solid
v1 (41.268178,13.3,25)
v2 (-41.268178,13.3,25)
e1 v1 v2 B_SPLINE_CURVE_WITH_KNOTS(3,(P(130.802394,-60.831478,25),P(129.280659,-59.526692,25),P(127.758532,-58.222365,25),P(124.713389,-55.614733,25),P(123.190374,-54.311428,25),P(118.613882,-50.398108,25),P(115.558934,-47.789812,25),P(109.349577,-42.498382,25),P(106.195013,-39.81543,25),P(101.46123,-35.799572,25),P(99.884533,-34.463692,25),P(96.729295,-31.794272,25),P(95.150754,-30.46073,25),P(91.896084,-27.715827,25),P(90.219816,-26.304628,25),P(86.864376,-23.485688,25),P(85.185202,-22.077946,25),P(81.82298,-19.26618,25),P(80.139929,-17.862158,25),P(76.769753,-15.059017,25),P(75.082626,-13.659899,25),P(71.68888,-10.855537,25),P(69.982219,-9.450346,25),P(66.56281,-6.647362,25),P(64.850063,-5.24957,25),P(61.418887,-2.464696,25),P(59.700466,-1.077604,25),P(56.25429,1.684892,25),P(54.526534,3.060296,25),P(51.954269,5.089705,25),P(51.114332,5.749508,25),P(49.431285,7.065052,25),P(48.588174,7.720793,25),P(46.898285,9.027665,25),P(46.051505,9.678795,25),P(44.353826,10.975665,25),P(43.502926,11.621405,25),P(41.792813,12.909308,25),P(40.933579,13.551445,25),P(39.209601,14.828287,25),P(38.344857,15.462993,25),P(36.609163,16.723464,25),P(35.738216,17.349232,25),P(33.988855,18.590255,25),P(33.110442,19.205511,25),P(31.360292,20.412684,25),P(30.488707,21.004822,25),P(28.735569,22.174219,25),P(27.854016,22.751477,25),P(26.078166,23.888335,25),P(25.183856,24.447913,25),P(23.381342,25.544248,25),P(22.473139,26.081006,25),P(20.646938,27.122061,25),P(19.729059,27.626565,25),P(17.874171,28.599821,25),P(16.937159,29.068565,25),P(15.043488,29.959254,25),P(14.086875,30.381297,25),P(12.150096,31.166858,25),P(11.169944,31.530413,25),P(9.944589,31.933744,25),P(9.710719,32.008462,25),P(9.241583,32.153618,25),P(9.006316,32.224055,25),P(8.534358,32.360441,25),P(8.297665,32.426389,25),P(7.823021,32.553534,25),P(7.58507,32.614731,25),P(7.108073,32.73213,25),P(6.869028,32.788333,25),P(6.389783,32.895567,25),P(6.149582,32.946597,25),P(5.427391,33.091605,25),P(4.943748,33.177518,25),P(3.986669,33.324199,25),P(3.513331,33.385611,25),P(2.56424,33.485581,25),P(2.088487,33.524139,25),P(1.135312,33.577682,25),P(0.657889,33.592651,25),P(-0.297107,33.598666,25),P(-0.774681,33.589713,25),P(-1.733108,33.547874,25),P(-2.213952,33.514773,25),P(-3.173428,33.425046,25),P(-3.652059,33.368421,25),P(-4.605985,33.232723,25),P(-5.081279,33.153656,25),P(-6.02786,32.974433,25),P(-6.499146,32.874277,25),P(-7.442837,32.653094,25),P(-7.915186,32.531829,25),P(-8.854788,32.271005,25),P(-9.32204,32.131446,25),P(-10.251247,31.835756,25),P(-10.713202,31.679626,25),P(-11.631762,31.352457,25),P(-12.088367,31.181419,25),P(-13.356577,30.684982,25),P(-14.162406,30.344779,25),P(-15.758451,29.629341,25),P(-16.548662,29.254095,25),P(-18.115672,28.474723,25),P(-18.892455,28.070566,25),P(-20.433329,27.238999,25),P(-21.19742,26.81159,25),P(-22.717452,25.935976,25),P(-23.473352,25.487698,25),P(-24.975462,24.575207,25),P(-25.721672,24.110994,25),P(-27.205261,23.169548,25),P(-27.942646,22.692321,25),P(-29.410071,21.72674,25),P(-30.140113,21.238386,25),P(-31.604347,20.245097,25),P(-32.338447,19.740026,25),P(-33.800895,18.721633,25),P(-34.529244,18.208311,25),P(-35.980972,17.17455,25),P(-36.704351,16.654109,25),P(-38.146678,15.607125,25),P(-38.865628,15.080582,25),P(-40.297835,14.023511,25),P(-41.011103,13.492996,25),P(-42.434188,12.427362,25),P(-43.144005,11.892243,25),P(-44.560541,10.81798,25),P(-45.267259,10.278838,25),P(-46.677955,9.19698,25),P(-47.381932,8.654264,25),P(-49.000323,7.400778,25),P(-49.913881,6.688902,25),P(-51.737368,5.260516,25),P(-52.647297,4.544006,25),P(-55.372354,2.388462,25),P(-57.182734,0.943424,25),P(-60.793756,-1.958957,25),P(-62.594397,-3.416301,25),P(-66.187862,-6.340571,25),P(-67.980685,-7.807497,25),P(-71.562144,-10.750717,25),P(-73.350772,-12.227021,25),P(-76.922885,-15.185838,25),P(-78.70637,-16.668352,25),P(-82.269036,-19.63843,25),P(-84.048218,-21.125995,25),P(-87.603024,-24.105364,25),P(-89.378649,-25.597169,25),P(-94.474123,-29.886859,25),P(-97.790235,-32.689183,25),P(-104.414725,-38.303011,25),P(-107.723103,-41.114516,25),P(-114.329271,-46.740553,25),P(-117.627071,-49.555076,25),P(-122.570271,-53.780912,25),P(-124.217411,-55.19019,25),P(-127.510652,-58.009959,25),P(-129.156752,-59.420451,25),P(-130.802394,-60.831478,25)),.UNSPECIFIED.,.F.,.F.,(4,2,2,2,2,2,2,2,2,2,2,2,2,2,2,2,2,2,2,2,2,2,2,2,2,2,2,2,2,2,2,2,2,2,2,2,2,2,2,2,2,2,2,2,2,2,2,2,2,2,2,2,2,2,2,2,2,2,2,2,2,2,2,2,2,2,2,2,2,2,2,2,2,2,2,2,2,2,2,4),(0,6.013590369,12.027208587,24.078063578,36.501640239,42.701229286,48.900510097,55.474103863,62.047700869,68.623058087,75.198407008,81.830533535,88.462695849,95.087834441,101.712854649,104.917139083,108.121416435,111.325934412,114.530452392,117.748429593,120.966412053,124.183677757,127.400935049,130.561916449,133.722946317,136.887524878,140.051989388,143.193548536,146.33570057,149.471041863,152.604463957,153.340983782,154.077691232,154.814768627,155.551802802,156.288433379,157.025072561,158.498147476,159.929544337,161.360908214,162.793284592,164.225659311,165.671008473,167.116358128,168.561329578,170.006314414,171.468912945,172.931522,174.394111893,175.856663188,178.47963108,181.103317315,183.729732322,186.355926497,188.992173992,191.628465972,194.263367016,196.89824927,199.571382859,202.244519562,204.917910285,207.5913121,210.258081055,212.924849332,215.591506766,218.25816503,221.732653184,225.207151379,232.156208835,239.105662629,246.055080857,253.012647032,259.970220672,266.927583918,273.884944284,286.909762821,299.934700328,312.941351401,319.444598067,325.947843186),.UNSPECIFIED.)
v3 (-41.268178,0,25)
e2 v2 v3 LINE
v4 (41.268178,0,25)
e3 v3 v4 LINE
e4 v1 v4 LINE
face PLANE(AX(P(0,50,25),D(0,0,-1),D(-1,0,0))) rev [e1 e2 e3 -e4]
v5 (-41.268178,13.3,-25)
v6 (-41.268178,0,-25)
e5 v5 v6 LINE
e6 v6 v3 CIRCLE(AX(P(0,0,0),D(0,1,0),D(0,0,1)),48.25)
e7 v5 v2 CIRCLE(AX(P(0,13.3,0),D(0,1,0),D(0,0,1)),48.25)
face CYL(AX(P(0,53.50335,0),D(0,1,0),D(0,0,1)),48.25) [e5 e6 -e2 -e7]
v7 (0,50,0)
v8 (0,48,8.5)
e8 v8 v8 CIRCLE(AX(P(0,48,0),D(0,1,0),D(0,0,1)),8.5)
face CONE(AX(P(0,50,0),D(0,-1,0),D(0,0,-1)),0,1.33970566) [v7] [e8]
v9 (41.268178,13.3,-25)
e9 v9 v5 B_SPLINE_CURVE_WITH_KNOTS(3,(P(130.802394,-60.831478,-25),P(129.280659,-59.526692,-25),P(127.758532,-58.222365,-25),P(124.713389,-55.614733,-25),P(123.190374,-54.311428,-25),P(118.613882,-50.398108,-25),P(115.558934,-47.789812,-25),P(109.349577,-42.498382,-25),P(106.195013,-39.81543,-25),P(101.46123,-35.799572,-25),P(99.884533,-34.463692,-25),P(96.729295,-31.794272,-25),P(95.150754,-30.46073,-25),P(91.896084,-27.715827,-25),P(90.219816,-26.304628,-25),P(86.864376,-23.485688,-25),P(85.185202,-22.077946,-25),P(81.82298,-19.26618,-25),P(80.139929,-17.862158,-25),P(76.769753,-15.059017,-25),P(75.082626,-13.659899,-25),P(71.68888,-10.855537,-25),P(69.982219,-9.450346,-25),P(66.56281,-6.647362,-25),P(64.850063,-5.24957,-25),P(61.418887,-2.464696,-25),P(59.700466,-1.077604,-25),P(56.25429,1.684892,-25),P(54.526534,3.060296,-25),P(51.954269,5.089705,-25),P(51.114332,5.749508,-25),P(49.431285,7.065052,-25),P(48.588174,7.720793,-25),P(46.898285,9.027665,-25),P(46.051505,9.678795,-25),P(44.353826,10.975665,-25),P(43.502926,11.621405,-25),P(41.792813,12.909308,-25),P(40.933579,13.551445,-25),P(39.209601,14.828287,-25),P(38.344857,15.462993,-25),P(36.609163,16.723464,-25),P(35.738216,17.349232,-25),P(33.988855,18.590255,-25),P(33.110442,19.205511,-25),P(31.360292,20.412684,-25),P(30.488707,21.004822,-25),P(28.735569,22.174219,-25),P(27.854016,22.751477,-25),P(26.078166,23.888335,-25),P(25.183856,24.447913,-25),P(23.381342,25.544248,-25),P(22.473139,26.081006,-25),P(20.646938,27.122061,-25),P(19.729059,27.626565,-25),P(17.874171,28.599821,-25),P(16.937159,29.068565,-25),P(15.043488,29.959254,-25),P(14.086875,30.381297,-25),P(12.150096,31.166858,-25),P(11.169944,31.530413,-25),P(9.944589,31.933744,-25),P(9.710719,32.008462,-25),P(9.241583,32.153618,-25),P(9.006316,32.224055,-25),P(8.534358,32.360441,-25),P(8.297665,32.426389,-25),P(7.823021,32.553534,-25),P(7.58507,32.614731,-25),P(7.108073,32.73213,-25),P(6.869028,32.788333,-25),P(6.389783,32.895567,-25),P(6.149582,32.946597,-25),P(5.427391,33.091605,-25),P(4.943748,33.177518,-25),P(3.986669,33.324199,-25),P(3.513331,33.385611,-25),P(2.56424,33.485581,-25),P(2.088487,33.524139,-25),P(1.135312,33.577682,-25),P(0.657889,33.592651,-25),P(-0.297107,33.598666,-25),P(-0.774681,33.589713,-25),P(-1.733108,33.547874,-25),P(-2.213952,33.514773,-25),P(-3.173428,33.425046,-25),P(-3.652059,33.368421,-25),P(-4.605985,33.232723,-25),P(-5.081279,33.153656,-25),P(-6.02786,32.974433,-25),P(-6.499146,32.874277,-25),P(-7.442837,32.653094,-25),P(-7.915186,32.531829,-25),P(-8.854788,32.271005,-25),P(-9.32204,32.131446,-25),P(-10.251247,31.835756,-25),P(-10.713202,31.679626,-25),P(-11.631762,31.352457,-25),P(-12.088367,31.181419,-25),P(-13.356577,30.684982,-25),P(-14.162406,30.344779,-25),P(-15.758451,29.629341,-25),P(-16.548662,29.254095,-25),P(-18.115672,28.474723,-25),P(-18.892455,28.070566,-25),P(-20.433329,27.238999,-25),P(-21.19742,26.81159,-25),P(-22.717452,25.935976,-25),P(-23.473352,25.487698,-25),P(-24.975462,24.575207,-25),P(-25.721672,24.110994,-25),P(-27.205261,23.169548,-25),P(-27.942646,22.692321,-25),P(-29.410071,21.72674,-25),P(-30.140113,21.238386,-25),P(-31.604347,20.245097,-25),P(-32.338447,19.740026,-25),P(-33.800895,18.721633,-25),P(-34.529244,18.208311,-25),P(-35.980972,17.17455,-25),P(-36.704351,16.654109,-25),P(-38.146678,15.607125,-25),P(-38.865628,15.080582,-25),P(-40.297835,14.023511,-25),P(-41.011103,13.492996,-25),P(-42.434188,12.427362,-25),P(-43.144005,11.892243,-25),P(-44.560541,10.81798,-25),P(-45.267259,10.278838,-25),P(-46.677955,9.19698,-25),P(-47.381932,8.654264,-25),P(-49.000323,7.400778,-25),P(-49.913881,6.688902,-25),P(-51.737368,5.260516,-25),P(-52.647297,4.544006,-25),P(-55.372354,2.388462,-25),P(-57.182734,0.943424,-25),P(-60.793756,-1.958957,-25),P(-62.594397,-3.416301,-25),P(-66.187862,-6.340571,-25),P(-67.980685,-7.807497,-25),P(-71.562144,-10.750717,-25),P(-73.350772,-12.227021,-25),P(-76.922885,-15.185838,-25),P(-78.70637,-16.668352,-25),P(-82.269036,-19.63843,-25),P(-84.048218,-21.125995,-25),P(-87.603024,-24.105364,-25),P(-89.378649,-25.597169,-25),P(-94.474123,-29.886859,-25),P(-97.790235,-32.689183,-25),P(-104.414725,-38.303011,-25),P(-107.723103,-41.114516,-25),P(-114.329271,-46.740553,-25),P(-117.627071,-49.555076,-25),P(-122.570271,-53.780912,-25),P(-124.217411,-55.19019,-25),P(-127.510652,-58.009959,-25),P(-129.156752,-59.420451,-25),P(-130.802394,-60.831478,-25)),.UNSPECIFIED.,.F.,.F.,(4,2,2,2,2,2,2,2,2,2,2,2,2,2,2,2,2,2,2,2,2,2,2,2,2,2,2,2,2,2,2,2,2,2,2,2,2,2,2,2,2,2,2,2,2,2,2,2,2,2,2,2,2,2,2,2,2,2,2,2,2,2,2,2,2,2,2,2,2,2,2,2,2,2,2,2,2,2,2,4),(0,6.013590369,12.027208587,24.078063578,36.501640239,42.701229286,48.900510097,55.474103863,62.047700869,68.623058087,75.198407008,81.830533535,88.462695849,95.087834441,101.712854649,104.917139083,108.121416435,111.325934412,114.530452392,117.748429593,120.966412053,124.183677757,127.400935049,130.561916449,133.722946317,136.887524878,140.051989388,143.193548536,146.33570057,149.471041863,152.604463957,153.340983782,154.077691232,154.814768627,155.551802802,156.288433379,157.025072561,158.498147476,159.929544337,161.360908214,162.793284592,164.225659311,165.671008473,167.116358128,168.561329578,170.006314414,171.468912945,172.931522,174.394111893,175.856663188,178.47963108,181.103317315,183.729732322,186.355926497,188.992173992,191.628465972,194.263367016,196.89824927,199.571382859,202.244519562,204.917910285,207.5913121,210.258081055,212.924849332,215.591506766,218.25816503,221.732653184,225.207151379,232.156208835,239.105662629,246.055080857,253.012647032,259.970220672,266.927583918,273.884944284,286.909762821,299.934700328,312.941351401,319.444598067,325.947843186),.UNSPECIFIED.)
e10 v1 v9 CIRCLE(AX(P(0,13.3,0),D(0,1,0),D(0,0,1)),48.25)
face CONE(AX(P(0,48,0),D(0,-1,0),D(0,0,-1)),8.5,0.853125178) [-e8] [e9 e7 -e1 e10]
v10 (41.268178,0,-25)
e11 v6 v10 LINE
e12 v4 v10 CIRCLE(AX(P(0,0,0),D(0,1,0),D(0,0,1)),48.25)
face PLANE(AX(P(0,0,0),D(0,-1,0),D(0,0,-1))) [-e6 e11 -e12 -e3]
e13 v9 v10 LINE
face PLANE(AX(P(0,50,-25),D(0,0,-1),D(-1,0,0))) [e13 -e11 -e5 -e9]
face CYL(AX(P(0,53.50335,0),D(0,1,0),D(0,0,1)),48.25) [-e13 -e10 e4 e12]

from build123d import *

# Parameters (mm, degrees)
CORTAR_EXTRUIR1_DEPTH = 51


with BuildPart() as part:
    # Croquis1 → Revolución1 (revolve)
    with BuildSketch(Plane.XY):
        Polygon((0, 0), (-48.25, 0), (-48.25, 13.3), (-8.5, 48), (0, 50), align=None)
    revolve(axis=Axis((0, 53.503350084, 0), (0, -1, 0)))

    # Croquis2 → Cortar-Extruir1 (cut, through all)
    with BuildSketch(Plane.XZ):
        with BuildLine():
            ThreePointArc((41.268177813, 25), (0, 48.25), (-41.268177813, 25))
            Line((-41.268177813, 25), (41.268177813, 25))
        make_face()
        with BuildLine():
            Line((41.268177813, -25), (-41.268177813, -25))
            ThreePointArc((-41.268177813, -25), (0, -48.25), (41.268177813, -25))
        make_face()
    extrude(amount=-CORTAR_EXTRUIR1_DEPTH, mode=Mode.SUBTRACT)


solid = part.part
